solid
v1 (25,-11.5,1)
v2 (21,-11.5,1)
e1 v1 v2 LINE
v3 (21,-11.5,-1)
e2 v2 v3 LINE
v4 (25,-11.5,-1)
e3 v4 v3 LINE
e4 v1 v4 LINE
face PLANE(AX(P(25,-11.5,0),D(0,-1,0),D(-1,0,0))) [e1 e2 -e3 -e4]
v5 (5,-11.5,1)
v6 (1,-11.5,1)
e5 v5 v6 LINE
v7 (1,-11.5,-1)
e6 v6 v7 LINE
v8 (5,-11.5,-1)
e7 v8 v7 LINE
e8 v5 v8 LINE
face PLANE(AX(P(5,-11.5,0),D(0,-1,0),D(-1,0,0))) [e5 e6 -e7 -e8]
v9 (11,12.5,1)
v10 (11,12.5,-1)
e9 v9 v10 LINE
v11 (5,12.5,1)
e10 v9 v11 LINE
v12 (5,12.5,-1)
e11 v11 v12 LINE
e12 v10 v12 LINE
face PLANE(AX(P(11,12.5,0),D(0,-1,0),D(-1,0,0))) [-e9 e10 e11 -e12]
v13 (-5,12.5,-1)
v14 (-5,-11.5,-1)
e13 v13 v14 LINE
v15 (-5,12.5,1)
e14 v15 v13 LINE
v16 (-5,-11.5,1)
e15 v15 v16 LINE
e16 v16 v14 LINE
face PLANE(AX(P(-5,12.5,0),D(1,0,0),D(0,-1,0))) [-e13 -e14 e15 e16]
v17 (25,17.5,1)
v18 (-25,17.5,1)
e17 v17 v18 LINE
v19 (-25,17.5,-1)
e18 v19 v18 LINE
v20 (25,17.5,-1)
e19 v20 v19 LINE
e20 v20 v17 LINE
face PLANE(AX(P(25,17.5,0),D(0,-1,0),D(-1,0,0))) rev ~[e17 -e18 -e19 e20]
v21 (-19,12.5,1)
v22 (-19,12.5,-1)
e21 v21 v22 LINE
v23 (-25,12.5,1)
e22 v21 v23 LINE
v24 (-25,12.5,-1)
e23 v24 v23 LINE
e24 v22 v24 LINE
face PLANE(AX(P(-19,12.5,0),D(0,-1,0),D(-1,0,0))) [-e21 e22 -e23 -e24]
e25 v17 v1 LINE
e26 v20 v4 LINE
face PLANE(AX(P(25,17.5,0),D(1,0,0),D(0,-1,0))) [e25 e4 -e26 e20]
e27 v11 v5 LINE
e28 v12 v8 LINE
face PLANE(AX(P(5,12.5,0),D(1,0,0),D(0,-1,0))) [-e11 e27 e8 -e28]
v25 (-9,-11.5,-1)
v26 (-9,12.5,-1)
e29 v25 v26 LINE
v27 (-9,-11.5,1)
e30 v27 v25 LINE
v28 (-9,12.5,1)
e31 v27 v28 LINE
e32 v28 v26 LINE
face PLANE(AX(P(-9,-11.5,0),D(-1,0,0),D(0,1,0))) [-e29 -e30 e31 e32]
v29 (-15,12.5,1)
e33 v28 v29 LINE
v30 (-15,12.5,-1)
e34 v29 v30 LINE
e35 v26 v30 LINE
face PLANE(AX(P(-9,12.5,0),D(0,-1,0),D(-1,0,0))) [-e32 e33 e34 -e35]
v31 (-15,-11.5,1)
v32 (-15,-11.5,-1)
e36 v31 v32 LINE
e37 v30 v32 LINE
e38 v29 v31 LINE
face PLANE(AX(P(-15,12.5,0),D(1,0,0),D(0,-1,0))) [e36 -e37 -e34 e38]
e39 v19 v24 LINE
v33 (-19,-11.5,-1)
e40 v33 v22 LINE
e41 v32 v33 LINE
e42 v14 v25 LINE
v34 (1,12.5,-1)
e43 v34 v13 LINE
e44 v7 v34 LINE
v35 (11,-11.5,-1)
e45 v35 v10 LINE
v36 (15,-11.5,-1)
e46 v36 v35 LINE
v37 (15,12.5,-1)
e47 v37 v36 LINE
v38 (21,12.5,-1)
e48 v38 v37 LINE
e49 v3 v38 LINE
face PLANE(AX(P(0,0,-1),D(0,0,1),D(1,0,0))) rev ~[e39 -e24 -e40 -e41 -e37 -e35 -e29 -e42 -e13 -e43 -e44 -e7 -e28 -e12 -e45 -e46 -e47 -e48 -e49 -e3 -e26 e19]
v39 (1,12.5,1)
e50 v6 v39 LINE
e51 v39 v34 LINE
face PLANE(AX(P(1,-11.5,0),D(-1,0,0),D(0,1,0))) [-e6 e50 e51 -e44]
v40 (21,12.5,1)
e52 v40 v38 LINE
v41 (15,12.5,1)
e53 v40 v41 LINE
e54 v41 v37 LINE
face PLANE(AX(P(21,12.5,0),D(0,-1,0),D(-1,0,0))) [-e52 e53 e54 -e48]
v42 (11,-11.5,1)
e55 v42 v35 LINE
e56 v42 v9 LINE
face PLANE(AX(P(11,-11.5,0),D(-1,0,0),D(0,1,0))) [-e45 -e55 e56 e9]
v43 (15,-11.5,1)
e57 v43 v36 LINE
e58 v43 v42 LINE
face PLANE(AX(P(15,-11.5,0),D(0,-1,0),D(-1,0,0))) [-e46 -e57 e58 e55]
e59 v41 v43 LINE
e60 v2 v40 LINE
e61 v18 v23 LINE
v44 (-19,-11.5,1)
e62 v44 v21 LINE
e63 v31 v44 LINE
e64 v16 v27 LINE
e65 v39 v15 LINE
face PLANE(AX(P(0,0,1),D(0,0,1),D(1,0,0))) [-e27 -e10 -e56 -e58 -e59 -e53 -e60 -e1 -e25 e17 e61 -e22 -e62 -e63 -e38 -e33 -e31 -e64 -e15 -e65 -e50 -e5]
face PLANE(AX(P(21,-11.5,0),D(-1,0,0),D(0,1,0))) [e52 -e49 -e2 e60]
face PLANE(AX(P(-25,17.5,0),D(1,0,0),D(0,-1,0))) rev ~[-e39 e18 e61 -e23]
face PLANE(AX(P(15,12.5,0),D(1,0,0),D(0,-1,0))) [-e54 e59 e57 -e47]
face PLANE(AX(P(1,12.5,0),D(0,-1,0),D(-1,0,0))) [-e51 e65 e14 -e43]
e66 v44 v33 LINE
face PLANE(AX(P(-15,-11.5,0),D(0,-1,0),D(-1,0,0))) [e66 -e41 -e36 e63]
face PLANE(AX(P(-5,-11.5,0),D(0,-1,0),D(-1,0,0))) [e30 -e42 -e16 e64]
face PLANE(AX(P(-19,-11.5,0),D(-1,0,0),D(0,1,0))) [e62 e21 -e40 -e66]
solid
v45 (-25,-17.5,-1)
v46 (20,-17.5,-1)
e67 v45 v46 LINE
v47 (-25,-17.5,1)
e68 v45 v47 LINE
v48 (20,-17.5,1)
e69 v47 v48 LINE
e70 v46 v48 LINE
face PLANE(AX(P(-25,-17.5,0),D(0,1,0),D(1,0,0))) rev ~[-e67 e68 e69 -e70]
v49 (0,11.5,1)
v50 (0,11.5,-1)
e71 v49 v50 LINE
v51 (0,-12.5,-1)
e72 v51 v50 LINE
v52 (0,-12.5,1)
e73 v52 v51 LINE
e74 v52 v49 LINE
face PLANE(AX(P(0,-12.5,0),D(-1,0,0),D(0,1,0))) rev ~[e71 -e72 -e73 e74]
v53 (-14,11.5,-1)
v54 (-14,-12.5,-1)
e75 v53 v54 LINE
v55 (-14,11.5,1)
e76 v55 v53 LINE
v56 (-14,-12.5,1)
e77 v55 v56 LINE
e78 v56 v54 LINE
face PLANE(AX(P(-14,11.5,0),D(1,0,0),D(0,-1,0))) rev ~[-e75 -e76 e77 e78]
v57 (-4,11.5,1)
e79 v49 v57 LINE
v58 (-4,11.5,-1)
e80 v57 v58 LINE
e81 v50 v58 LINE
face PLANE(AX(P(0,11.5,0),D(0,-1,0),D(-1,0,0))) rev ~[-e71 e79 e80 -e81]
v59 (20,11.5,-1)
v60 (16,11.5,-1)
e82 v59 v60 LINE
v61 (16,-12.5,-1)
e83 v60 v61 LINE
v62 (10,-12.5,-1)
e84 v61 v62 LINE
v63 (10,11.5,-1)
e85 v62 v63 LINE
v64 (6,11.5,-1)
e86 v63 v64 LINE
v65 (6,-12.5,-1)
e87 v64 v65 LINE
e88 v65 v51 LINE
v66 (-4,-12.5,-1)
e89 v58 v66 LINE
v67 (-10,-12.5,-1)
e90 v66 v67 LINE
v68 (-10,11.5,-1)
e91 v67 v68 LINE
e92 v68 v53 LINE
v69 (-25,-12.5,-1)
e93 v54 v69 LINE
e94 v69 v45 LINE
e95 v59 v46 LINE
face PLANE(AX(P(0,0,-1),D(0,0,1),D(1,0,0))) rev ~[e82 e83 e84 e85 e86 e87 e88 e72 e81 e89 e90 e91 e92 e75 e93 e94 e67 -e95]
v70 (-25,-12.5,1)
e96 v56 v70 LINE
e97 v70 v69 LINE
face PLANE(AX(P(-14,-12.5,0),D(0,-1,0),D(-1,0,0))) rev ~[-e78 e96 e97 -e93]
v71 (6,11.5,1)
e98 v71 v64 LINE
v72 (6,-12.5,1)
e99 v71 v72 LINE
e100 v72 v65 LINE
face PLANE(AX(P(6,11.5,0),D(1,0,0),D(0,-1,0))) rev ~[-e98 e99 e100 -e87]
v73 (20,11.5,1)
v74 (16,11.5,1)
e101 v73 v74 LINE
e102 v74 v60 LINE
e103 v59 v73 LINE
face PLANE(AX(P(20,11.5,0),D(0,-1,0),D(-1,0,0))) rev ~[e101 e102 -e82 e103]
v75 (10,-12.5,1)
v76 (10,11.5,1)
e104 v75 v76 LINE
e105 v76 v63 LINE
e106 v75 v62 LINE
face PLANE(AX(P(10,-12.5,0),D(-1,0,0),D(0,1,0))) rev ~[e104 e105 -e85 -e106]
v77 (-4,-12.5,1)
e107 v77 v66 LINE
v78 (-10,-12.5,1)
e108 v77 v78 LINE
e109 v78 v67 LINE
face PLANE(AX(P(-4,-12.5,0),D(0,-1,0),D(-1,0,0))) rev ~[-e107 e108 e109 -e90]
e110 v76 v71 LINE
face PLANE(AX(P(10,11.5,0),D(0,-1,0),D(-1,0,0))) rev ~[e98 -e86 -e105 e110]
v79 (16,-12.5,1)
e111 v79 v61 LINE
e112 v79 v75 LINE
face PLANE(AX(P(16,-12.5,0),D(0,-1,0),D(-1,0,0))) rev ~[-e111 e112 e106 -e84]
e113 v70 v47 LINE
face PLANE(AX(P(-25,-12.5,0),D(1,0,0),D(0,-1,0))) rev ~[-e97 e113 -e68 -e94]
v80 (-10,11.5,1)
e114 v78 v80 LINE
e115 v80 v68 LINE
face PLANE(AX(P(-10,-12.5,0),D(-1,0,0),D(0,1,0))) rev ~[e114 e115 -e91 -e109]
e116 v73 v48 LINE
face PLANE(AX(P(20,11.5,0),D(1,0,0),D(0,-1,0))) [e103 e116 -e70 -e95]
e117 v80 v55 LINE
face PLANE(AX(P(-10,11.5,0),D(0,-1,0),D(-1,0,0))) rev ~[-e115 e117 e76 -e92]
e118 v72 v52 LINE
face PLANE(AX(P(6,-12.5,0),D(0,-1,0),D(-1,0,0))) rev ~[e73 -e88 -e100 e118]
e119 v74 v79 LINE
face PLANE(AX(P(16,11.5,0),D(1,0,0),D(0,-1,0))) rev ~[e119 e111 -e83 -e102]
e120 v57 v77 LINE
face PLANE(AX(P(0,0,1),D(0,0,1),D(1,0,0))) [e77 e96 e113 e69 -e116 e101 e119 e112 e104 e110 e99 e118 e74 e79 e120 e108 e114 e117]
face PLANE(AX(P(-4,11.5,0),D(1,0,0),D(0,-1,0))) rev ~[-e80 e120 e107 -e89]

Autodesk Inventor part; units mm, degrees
ref_plane "YZ Plane" through (0, 0, 0) normal (1, 0, 0) x (0, 1, 0)
ref_plane "XZ Plane" through (0, 0, 0) normal (0, 1, 0) x (-1, 0, 0)
ref_plane "XY Plane" through (0, 0, 0) normal (0, 0, 1) x (1, 0, 0)
sketch "Sketch2" plane through (0, 0, 0) normal (0, 0, 1) x (1, 0, 0)
  line L0 (-25, -17.5) -> (25, -17.5) construction
  line L1 (25, -17.5) -> (25, 17.5) construction
  line L2 (25, 17.5) -> (-25, 17.5)
  line L3 (-25, 17.5) -> (-25, -17.5) construction
  line L4 (-25, -17.5) -> (25, 17.5) construction
  line L5 (25, -17.5) -> (-25, 17.5) construction
  line L6 (-25, 17.5) -> (-25, 12.5)
  line L7 (25, 17.5) -> (25, -11.5)
  line L8 (25, -11.5) -> (21, -11.5)
  line L9 (21, -11.5) -> (21, 12.5)
  line L10 (21, 12.5) -> (15, 12.5)
  line L11 (15, 12.5) -> (15, -11.5)
  line L12 (15, -11.5) -> (11, -11.5)
  line L13 (11, -11.5) -> (11, 12.5)
  line L14 (11, 12.5) -> (5, 12.5)
  line L15 (5, 12.5) -> (5, -11.5)
  line L16 (5, -11.5) -> (1, -11.5)
  line L17 (1, -11.5) -> (1, 12.5)
  line L18 (1, 12.5) -> (-5, 12.5)
  line L19 (-5, 12.5) -> (-5, -11.5)
  line L20 (-5, -11.5) -> (-9, -11.5)
  line L21 (-9, -11.5) -> (-9, 12.5)
  line L22 (-9, 12.5) -> (-15, 12.5)
  line L23 (-15, 12.5) -> (-15, -11.5)
  line L24 (-15, -11.5) -> (-19, -11.5)
  line L25 (-19, -11.5) -> (-19, 12.5)
  line L26 (-19, 12.5) -> (-25, 12.5)
  line L27 (-25, -17.5) -> (20, -17.5)
  line L28 (20, 11.5) -> (20, -17.5)
  line L29 (20, 11.5) -> (16, 11.5)
  line L30 (16, 11.5) -> (16, -12.5)
  line L31 (16, -12.5) -> (10, -12.5)
  line L32 (10, -12.5) -> (10, 11.5)
  line L33 (10, 11.5) -> (6, 11.5)
  line L34 (6, 11.5) -> (6, -12.5)
  line L35 (6, -12.5) -> (0, -12.5)
  line L36 (0, -12.5) -> (0, 11.5)
  line L37 (0, 11.5) -> (-4, 11.5)
  line L38 (-4, 11.5) -> (-4, -12.5)
  line L39 (-4, -12.5) -> (-10, -12.5)
  line L40 (-10, -12.5) -> (-10, 11.5)
  line L41 (-10, 11.5) -> (-14, 11.5)
  line L42 (-14, 11.5) -> (-14, -12.5)
  line L43 (-14, -12.5) -> (-25, -12.5)
  line L44 (-25, -12.5) -> (-25, -17.5)
  point P0 (0, 0)
  dimension "d17" = 50
  dimension "d18" = 35
  dimension "d19" = 5
  dimension "d21" = 4
  dimension "d22" = 6
  dimension "d23" = 1
  dimension "d24" = 1
  dimension "d25" = 1
  dimension "d26" = 1
  dimension "d27" = 5
extrude "Extrusion2" add sketch "Sketch2" along normal mid plane 2
sketch "Sketch1" plane through (0, 0, 0) normal (0, 0, 1) x (1, 0, 0)
  line L0 (-60, 75) -> (60, 75)
  line L1 (60, 75) -> (60, -75) construction
  line L2 (60, -75) -> (-60, -75) construction
  line L3 (-60, -75) -> (-60, 75) construction
  line L4 (-60, 75) -> (-60, 65)
  line L5 (-60, 65) -> (-30, 65)
  line L6 (-30, 65) -> (-30, -55)
  line L7 (-30, -55) -> (-21.7778, -55)
  line L8 (-21.7778, -55) -> (-21.7778, 65)
  line L9 (-21.7778, 65) -> (-9.5556, 65)
  line L10 (-9.5556, 65) -> (-9.5556, -55)
  line L11 (-9.5556, -55) -> (-1.3333, -55)
  line L12 (-1.3333, -55) -> (-1.3333, 65)
  line L13 (-1.3333, 65) -> (10.8889, 65)
  line L14 (10.8889, 65) -> (10.8889, -55)
  line L15 (10.8889, -55) -> (19.1111, -55)
  line L16 (19.1111, -55) -> (19.1111, 65)
  line L17 (19.1111, 65) -> (31.3333, 65)
  line L18 (31.3333, 65) -> (31.3333, -55)
  line L19 (31.3333, -55) -> (39.5556, -55)
  line L20 (39.5556, -55) -> (39.5556, 65)
  line L21 (39.5556, 65) -> (51.7778, 65)
  line L22 (60, 75) -> (60, -55)
  line L23 (51.7778, 65) -> (51.7778, -55)
  line L24 (51.7778, -55) -> (60, -55)
  line L25 (-60, -75) -> (-60, -65)
  line L26 (-60, -65) -> (-19.7778, -65)
  line L27 (-60, -75) -> (49.7778, -75)
  line L28 (-19.7778, -65) -> (-19.7778, 63)
  line L29 (-19.7778, 63) -> (-11.5556, 63)
  line L30 (-11.5556, 63) -> (-11.5556, -65)
  line L31 (-11.5556, -65) -> (0.6667, -65)
  line L32 (0.6667, -65) -> (0.6667, 63)
  line L33 (0.6667, 63) -> (8.8889, 63)
  line L34 (8.8889, 63) -> (8.8889, -65)
  line L35 (8.8889, -65) -> (21.1111, -65)
  line L36 (21.1111, -65) -> (21.1111, 63)
  line L37 (21.1111, 63) -> (29.3333, 63)
  line L38 (29.3333, 63) -> (29.3333, -65)
  line L39 (29.3333, -65) -> (41.5556, -65)
  line L40 (41.5556, -65) -> (41.5556, 63)
  line L41 (41.5556, 63) -> (49.7778, 63)
  line L42 (49.7778, 63) -> (49.7778, -75)
  point P0 (0, 0)
  point P1 (0, 75)
  point P2 (-60, 0)
  point P3 (-15.6667, 63)
  point P4 (-15.6667, 65)
  point P5 (-5.4444, -55)
  point P6 (-5.4444, -65)
  point P7 (45.6667, 63)
  point P8 (45.6667, 65)
  point P9 (4.7778, 63)
  point P10 (4.7778, 65)
  point P11 (25.2222, 63)
  point P12 (25.2222, 65)
  point P13 (15, -55)
  point P14 (15, -65)
  point P15 (35.4444, -55)
  point P16 (35.4444, -65)
  dimension "d5" = 150
  dimension "d7" = 10
  dimension "d9" = 120
  dimension "d11" = 2
  dimension "d12" = 2
  dimension "d13" = 120
  dimension "d14" = 30
equation "\"d24\" = d23"
equation "\"d25\" = d23"
equation "\"d26\" = d23"
equation "\"d27\" = d19"
equation "\"d12\" = d11"
properties part number "sensor-0001-001" material "Iron, Cast"
